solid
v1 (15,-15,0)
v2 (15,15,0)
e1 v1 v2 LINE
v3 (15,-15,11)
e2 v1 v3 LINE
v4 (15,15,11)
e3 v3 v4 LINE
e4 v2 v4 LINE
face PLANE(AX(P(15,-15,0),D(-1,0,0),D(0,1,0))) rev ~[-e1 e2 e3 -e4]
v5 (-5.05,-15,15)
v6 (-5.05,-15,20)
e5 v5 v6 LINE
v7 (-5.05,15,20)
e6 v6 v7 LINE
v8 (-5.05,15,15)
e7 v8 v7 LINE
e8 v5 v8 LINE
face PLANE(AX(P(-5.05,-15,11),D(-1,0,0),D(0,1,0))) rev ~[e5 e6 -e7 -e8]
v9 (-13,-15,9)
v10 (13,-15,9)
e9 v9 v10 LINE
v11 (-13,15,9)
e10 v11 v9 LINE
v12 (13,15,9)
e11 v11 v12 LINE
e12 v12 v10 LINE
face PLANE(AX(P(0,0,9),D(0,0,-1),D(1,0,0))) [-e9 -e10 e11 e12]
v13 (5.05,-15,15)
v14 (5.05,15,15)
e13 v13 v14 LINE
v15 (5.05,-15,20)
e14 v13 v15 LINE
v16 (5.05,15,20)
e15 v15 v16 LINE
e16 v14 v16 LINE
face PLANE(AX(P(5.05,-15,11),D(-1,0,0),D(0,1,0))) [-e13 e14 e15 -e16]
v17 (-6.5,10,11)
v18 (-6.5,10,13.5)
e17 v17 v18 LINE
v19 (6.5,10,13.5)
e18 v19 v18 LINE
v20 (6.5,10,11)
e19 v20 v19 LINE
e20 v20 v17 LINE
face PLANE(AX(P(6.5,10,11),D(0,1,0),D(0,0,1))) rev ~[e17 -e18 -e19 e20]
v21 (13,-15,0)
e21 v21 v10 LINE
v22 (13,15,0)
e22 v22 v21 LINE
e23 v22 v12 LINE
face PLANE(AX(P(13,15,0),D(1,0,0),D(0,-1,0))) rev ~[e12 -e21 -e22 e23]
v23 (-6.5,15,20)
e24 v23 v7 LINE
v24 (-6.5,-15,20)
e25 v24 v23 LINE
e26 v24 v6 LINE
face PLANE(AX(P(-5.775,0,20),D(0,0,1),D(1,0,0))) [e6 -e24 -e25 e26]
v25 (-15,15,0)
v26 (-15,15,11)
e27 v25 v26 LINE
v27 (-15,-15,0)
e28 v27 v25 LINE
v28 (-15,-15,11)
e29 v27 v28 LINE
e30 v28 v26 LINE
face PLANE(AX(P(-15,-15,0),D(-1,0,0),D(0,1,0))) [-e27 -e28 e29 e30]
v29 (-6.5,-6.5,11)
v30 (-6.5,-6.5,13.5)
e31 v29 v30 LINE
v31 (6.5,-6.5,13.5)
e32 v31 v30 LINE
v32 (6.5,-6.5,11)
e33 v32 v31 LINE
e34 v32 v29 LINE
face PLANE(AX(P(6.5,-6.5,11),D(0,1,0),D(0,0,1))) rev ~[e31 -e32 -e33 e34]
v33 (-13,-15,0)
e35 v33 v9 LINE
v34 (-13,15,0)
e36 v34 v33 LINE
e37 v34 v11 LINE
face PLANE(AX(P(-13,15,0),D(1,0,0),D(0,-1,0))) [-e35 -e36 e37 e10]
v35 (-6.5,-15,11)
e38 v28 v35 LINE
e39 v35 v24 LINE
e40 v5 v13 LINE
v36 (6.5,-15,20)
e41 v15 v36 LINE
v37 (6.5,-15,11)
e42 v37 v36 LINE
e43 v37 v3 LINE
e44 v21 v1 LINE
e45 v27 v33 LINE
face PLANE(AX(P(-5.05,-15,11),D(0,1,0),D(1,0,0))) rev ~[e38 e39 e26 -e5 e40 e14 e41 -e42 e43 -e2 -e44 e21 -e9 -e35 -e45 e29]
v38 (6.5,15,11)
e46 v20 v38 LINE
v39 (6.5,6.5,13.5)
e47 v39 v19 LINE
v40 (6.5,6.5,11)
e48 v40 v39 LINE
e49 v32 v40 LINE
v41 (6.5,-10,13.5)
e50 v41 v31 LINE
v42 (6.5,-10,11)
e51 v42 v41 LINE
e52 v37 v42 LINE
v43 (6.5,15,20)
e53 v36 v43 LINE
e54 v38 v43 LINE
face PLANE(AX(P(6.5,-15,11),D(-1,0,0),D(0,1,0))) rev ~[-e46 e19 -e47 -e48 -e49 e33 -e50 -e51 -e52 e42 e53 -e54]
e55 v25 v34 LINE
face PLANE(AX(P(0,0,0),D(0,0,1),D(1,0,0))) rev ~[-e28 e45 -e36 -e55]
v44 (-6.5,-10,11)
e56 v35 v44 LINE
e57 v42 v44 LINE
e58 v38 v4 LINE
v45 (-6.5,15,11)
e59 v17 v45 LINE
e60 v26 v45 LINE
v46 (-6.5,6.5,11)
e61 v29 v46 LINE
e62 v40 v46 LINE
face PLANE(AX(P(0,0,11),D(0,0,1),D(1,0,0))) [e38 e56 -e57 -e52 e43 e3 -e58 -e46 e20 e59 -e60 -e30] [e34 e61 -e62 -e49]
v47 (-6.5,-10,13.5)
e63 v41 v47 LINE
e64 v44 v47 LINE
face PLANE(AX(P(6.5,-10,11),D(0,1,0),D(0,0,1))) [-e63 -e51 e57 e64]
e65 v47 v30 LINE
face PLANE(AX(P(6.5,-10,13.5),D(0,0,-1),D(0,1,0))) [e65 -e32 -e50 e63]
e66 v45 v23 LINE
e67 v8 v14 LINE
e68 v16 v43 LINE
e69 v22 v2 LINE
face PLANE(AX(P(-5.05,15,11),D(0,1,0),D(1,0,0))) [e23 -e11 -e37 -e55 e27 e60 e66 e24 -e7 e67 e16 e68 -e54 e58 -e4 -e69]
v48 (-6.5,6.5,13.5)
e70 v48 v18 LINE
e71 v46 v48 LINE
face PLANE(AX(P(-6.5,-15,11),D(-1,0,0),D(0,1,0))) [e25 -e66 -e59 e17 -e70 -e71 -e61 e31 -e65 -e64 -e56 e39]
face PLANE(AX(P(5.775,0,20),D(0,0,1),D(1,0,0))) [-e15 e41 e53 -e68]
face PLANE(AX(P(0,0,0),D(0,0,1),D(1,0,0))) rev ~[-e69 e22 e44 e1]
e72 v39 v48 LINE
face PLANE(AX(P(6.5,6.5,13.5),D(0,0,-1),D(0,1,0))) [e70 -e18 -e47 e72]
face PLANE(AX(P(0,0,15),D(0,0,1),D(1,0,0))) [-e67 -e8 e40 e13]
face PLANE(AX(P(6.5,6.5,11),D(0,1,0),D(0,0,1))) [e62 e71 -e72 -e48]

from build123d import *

# Parameters (mm, degrees)
F0_W      = 30
F0_H      = 30
F1_DEPTH  = 11
F2_W      = 26
F2_H      = 30
F3_DEPTH  = 9
F4_W      = 1.45
F4_H      = 30
F5_DEPTH  = 9
F5_FACE_W = 10.1
F5_FACE_H = 30
F6_DEPTH  = 4
F7_W      = 3.5
F7_H      = 2.5
F8_DEPTH  = 13


with BuildPart() as f1:
    # F0 (on Top) → F1 (new body)
    with BuildSketch(Plane.XY):
        Rectangle(F0_W, F0_H)
    extrude(amount=F1_DEPTH)

    # F2 (on face) → F3 (cut)
    with BuildSketch(Plane(origin=(0, 0, 0), x_dir=(1, 0, 0), z_dir=(0, 0, -1))):
        Rectangle(F2_W, F2_H)
    extrude(amount=-F3_DEPTH, mode=Mode.SUBTRACT)

    # F4 (on face) → F5 (join)
    with BuildSketch(Plane.XY.offset(11)):
        with Locations((-5.775, 0)):
            Rectangle(F4_W, F4_H)
        with Locations((5.775, 0)):
            Rectangle(F4_W, F4_H)
    extrude(amount=F5_DEPTH)

    # F5_face (on face) → F6 (join)
    with BuildSketch(Plane.XY.offset(11)):
        Rectangle(F5_FACE_W, F5_FACE_H)
    extrude(amount=F6_DEPTH)

    # F7 (on face) → F8 (cut, through all)
    with BuildSketch(Plane.YZ.offset(6.5)):
        with Locations((-8.25, 12.25)):
            Rectangle(F7_W, F7_H)
        with Locations((8.25, 12.25)):
            Rectangle(F7_W, F7_H)
    extrude(amount=-F8_DEPTH, mode=Mode.SUBTRACT)


solid = f1.part
